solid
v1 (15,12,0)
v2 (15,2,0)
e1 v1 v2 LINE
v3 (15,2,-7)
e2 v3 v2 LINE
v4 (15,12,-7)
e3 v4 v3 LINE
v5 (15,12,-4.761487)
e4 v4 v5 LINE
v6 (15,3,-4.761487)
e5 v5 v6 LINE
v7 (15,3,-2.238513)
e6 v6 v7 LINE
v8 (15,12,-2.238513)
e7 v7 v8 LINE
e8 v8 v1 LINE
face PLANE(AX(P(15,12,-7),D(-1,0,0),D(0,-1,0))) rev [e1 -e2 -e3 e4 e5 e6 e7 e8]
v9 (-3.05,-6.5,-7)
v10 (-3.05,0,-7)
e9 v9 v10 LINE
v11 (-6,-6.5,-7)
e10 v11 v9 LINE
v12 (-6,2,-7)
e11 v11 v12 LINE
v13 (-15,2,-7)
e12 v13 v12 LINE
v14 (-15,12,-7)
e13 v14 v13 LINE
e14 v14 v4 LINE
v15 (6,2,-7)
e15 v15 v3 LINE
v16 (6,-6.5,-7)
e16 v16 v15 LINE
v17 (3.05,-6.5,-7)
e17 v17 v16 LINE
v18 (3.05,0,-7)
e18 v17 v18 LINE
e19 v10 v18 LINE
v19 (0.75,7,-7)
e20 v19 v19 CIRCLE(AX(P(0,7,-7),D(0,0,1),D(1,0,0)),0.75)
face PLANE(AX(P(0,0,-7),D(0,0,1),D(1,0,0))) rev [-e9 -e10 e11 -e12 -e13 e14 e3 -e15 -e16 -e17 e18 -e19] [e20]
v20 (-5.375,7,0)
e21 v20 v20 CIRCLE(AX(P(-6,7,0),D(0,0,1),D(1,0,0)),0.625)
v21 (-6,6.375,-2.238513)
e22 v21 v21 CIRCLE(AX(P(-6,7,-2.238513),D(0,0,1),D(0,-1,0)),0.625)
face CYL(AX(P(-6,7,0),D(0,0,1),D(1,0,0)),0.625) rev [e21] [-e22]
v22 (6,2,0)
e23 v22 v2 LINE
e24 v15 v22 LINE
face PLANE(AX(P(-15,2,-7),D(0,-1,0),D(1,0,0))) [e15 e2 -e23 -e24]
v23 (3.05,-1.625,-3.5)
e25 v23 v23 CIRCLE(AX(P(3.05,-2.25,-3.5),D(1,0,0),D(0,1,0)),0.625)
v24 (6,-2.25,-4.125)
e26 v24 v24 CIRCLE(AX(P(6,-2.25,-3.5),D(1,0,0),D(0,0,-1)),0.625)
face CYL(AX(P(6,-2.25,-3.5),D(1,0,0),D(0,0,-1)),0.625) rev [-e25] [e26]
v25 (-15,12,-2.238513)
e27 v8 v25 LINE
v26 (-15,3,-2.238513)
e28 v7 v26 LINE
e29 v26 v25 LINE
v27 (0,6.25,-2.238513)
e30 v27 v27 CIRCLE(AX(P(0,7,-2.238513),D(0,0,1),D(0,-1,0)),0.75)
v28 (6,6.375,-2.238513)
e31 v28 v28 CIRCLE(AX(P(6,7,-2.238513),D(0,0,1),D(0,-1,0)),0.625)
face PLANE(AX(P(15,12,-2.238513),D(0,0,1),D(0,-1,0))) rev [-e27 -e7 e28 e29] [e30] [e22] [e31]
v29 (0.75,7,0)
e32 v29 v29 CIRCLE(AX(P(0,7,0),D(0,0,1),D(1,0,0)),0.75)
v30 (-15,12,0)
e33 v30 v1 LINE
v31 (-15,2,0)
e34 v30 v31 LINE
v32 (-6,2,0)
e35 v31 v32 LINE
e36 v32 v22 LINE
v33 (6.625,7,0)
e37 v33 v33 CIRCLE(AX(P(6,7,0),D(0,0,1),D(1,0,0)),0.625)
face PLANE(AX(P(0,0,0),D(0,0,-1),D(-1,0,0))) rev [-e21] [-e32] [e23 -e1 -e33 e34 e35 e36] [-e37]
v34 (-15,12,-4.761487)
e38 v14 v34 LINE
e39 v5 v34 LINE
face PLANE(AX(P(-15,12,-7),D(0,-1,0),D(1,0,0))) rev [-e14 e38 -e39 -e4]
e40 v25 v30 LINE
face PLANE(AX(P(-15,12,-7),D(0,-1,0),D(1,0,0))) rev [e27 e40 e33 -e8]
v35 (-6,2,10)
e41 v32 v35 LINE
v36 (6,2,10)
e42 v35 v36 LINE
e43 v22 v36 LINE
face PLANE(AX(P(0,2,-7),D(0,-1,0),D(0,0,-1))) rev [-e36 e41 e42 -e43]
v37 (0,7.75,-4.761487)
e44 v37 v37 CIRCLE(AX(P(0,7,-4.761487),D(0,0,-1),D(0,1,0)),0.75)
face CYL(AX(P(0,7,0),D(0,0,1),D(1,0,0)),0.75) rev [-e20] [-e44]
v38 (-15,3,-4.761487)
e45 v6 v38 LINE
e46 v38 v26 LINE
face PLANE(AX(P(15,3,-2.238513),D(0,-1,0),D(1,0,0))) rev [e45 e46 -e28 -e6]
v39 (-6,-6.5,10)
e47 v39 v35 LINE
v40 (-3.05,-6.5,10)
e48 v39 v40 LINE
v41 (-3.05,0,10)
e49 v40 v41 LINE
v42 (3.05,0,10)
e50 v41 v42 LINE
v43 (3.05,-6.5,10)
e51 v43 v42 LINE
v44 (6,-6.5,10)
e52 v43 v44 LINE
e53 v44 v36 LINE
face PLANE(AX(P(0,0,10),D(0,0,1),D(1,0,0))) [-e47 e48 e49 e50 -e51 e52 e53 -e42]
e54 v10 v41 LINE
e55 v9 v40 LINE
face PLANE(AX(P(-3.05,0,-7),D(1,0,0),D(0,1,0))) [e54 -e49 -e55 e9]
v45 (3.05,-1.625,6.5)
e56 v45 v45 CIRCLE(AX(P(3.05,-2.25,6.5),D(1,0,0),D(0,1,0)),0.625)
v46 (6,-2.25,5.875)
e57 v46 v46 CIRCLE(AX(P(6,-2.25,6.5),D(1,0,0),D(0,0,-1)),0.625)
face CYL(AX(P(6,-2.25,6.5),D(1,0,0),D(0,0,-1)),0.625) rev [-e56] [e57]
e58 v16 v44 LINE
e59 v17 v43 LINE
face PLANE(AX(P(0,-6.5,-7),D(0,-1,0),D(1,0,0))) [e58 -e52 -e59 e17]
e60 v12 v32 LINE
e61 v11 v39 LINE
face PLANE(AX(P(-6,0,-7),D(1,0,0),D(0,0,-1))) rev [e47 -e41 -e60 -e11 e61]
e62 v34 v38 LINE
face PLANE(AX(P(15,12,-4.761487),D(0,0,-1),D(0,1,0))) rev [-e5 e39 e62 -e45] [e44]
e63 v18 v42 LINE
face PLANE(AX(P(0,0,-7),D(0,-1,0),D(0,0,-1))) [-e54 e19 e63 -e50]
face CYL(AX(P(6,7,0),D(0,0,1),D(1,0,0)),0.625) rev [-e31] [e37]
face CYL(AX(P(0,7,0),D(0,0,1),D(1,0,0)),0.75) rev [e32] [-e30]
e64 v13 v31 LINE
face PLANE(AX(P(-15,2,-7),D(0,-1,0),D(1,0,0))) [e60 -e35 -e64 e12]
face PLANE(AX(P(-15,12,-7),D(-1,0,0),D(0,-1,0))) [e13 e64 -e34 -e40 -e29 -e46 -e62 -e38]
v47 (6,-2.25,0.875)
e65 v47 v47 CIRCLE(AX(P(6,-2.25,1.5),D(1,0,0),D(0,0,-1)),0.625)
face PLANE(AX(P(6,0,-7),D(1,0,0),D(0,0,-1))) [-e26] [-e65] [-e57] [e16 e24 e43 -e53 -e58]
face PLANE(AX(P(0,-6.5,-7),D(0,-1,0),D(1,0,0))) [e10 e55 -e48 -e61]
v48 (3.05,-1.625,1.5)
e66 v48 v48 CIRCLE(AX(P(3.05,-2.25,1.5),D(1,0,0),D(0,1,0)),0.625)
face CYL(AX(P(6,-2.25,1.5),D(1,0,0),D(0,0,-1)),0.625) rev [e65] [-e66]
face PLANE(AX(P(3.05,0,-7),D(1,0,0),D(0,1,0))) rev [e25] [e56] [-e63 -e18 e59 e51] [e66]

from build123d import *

# Parameters (mm, degrees)
BOSS_EXTRUDE1_DEPTH          = 10
BOSS_EXTRUDE1_DEPTH_BACK     = 7
SKETCH1_W                    = 12
SKETCH1_H                    = 2
SKETCH1_W_2                  = 2.95
SKETCH1_H_2                  = 6.5
SKETCH1_3_W                  = 30
SKETCH1_3_H                  = 10
BOSS_EXTRUDE2_DEPTH          = 7
SKETCH3_W                    = 2.52297433
SKETCH3_H                    = 9
CUT_EXTRUDE1_DEPTH           = 34.823069051
M1_6X0_35_TAPPED_HOLE1_D     = 1.25
M1_6X0_35_TAPPED_HOLE1_DEPTH = 2.238512835
M1_6X0_35_TAPPED_HOLE2_D     = 1.25
M1_6X0_35_TAPPED_HOLE2_DEPTH = 2.95
F_1_5MM_DOWEL_HOLE1_D        = 1.5


with BuildPart() as part:
    # Sketch1 → Boss-Extrude1 (new, two sides: drawn at the far end of the back side and taken through both)
    with BuildSketch(Plane.XY.offset(-BOSS_EXTRUDE1_DEPTH_BACK)):
        with Locations((0, 1)):
            Rectangle(SKETCH1_W, SKETCH1_H)
        with Locations((4.525, -3.25)):
            Rectangle(SKETCH1_W_2, SKETCH1_H_2)
        with Locations((-4.525, -3.25)):
            Rectangle(SKETCH1_W_2, SKETCH1_H_2)
    extrude(amount=BOSS_EXTRUDE1_DEPTH + BOSS_EXTRUDE1_DEPTH_BACK)

    # Sketch1<3> → Boss-Extrude2 (add)
    with BuildSketch(Plane.XY):
        with Locations((0, 7)):
            Rectangle(SKETCH1_3_W, SKETCH1_3_H)
    extrude(amount=-BOSS_EXTRUDE2_DEPTH)

    # Sketch3 → Cut-Extrude1 (cut, through all)
    with BuildSketch(Plane.ZY.offset(15)):
        with Locations((-3.5, 7.5)):
            Rectangle(SKETCH3_W, SKETCH3_H)
    extrude(amount=-CUT_EXTRUDE1_DEPTH, mode=Mode.SUBTRACT)

    # M1.6x0.35 Tapped Hole1
    with Locations(Plane.XY):
        with Locations((6, 7), (-6, 7)):
            Hole(M1_6X0_35_TAPPED_HOLE1_D / 2, depth=M1_6X0_35_TAPPED_HOLE1_DEPTH)

    # M1.6x0.35 Tapped Hole2
    with Locations(Plane(origin=(6, 0, 0), x_dir=(0, 0, -1), z_dir=(1, 0, 0))):
        with Locations((3.5, -2.25), (-6.5, -2.25), (-1.5, -2.25)):
            Hole(M1_6X0_35_TAPPED_HOLE2_D / 2, depth=M1_6X0_35_TAPPED_HOLE2_DEPTH)

    # Ø1.5mm Dowel Hole1 (through all)
    with Locations(Plane.XY):
        with Locations((0, 7)):
            Hole(F_1_5MM_DOWEL_HOLE1_D / 2)


solid = part.part
